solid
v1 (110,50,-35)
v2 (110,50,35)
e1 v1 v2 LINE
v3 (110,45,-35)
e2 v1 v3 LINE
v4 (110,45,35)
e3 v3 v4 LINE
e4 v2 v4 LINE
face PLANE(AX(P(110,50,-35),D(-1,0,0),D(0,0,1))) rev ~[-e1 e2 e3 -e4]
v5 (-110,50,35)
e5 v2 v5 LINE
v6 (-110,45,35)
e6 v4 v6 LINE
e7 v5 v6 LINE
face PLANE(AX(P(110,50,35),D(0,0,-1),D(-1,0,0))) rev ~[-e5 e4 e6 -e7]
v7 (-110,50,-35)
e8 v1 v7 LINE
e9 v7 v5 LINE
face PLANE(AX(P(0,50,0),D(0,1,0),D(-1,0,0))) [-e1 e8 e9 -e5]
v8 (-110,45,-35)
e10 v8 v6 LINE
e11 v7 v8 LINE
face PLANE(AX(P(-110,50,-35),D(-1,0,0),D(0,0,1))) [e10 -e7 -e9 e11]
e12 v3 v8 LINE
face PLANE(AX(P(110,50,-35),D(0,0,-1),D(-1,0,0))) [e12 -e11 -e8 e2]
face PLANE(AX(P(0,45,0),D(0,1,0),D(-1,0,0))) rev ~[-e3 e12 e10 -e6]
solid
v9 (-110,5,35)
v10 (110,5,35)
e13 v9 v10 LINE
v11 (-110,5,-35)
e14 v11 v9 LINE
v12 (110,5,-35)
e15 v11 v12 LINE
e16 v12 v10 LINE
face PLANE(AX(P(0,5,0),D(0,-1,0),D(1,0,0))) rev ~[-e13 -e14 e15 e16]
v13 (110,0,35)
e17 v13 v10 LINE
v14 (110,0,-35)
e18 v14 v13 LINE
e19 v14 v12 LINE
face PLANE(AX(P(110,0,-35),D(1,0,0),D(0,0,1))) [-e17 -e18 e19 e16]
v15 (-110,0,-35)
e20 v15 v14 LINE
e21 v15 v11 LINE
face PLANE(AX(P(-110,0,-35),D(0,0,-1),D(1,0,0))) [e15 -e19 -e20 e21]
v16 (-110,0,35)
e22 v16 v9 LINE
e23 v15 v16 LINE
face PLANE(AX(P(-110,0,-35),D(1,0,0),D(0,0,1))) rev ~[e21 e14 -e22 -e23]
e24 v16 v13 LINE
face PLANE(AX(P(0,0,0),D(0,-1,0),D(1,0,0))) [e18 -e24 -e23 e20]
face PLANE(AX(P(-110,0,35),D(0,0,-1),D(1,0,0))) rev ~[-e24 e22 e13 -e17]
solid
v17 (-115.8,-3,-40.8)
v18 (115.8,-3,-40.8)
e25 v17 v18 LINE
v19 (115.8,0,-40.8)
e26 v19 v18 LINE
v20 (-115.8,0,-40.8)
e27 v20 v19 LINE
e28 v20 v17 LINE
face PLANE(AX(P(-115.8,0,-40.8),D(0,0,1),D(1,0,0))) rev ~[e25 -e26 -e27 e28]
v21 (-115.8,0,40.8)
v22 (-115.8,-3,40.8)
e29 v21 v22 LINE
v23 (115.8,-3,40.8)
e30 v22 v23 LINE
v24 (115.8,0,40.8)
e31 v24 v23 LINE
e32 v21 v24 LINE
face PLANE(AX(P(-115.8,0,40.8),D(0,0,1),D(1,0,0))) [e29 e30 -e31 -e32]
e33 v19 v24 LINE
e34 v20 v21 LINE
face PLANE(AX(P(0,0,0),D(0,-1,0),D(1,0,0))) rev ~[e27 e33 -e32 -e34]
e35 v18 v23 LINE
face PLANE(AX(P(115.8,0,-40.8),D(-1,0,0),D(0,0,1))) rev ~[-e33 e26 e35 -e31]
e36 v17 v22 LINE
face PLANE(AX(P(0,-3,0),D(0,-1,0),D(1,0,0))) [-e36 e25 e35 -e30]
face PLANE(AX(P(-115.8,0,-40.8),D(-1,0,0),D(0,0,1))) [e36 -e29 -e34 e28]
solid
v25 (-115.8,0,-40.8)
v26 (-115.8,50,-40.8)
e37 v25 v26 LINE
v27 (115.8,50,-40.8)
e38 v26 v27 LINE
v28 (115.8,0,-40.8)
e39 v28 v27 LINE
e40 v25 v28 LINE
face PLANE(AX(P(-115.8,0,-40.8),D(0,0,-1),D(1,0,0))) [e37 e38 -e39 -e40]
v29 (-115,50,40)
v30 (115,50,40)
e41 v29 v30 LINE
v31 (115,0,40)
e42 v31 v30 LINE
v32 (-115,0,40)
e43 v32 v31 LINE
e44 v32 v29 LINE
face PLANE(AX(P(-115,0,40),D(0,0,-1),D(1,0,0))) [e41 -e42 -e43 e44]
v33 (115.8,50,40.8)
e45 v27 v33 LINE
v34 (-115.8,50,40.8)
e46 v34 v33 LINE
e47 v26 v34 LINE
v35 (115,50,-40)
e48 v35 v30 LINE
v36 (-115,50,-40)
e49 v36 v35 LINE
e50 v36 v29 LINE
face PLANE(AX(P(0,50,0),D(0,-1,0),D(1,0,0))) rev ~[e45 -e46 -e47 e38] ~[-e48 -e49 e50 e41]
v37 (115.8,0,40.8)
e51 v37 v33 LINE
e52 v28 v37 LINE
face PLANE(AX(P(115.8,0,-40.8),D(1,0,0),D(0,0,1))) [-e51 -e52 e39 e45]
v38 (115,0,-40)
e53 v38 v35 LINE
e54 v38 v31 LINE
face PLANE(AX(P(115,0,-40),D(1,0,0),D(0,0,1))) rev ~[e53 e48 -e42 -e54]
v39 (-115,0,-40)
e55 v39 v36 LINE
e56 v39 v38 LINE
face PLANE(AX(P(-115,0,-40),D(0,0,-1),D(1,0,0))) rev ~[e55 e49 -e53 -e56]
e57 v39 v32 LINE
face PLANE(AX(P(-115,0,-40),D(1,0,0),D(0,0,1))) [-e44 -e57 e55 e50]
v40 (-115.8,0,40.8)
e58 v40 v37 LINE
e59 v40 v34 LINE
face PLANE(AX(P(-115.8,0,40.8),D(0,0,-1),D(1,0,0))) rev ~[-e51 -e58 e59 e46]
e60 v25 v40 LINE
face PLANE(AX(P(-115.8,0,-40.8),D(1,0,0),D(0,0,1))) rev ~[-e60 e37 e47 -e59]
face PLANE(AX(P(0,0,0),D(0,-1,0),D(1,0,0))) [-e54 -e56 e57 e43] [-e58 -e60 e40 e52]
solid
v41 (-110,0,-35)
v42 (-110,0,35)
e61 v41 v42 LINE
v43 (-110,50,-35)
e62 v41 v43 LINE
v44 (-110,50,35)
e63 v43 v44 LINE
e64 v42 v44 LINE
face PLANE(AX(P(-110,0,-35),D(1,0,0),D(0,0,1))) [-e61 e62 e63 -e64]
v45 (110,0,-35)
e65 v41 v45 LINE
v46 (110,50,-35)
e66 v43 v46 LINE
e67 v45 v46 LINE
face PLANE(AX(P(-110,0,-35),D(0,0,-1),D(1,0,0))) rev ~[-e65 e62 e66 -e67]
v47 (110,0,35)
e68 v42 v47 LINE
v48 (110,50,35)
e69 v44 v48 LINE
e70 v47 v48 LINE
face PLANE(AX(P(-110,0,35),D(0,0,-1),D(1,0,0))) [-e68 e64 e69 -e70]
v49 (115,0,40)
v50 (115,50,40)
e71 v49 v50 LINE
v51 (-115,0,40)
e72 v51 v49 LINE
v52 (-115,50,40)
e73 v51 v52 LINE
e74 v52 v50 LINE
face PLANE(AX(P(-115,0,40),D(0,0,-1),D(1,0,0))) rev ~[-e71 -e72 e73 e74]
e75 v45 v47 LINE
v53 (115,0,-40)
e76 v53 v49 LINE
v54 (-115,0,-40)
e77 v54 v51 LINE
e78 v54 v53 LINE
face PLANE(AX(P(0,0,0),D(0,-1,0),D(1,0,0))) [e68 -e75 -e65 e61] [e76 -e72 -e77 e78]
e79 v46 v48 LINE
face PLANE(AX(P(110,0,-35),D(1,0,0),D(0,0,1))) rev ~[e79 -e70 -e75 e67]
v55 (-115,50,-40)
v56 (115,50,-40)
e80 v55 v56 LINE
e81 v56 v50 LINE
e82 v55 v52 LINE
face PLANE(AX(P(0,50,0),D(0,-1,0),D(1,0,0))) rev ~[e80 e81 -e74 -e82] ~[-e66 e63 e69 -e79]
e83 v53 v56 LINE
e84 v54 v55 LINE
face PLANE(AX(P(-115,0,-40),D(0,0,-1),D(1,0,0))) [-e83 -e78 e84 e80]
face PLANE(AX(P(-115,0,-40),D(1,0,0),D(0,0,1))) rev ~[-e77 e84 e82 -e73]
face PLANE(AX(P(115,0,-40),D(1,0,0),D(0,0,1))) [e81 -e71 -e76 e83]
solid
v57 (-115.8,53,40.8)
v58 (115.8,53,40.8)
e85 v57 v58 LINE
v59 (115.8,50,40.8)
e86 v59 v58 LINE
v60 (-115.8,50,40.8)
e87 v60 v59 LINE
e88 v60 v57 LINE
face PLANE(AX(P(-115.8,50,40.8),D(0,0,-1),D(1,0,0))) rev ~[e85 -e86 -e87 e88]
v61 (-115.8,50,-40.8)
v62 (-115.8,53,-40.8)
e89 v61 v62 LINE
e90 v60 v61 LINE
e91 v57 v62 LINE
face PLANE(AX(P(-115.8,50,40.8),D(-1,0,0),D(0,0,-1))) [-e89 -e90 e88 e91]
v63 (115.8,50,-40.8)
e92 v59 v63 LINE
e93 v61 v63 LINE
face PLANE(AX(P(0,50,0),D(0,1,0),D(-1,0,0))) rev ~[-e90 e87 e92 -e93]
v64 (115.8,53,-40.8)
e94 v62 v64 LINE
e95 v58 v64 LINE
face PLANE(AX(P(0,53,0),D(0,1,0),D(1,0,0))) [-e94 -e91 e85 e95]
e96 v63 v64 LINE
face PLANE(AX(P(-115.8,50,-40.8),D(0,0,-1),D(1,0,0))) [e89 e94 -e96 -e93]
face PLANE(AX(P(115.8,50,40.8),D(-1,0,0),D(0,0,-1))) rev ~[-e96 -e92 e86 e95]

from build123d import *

# Parameters (mm, degrees)
F0_W        = 230
F0_H        = 80
F0_W_2      = 220
F0_H_2      = 70
F1_DEPTH    = 50
F2_DEPTH    = 5
F0_W_3      = 231.6
F0_H_3      = 81.6
F3_DEPTH    = 3
F4_DEPTH    = 50
F5_W        = 220
F5_H        = 70
F6_DEPTH    = 5
F4_FACE_W   = 231.6
F4_FACE_H   = 81.6
F4_FACE_W_2 = 230
F4_FACE_H_2 = 80
F1_FACE_W   = 230
F1_FACE_H   = 80
F1_FACE_W_2 = 220
F1_FACE_H_2 = 70
F6_FACE_W   = 220
F6_FACE_H   = 70
F7_DEPTH    = 3


with BuildPart() as f1:
    # F0 (on Front) → F1 (new body)
    with BuildSketch(Plane.XZ):
        Rectangle(F0_W, F0_H)
        Rectangle(F0_W_2, F0_H_2, mode=Mode.SUBTRACT)
    extrude(amount=-F1_DEPTH)


with BuildPart() as f2:
    # F0 (on Front) → F2 (new body)
    with BuildSketch(Plane.XZ):
        Rectangle(F0_W_2, F0_H_2)
    extrude(amount=-F2_DEPTH)


with BuildPart() as f3:
    # F0 (on Front) → F3 (new body)
    with BuildSketch(Plane.XZ):
        Rectangle(F0_W_3, F0_H_3)
        Rectangle(F0_W, F0_H, mode=Mode.SUBTRACT)
        Rectangle(F0_W, F0_H)
        Rectangle(F0_W_2, F0_H_2, mode=Mode.SUBTRACT)
        Rectangle(F0_W_2, F0_H_2)
    extrude(amount=F3_DEPTH)


with BuildPart() as f4:
    # F0 (on Front) → F4 (new body)
    with BuildSketch(Plane.XZ):
        Rectangle(F0_W_3, F0_H_3)
        Rectangle(F0_W, F0_H, mode=Mode.SUBTRACT)
    extrude(amount=-F4_DEPTH)


with BuildPart() as f6:
    # F5 (on face) → F6 (new body)
    with BuildSketch(Plane(origin=(0, 50, 0), x_dir=(-1, 0, 0), z_dir=(0, 1, 0))):
        Rectangle(F5_W, F5_H)
    extrude(amount=-F6_DEPTH)


with BuildPart() as f7:
    # F4_face (on face) + F1_face (on face) + F6_face (on face) → F7 (new body)
    with BuildSketch(Plane(origin=(0, 50, 0), x_dir=(1, 0, 0), z_dir=(0, 1, 0))):
        Rectangle(F4_FACE_W, F4_FACE_H)
        Rectangle(F4_FACE_W_2, F4_FACE_H_2, mode=Mode.SUBTRACT)
    with BuildSketch(Plane(origin=(0, 50, 0), x_dir=(1, 0, 0), z_dir=(0, 1, 0))):
        Rectangle(F1_FACE_W, F1_FACE_H)
        Rectangle(F1_FACE_W_2, F1_FACE_H_2, mode=Mode.SUBTRACT)
    with BuildSketch(Plane(origin=(0, 50, 0), x_dir=(-1, 0, 0), z_dir=(0, 1, 0))):
        Rectangle(F6_FACE_W, F6_FACE_H)
    extrude(amount=F7_DEPTH)


solid = Compound([f1.part, f2.part, f3.part, f4.part, f6.part, f7.part])
